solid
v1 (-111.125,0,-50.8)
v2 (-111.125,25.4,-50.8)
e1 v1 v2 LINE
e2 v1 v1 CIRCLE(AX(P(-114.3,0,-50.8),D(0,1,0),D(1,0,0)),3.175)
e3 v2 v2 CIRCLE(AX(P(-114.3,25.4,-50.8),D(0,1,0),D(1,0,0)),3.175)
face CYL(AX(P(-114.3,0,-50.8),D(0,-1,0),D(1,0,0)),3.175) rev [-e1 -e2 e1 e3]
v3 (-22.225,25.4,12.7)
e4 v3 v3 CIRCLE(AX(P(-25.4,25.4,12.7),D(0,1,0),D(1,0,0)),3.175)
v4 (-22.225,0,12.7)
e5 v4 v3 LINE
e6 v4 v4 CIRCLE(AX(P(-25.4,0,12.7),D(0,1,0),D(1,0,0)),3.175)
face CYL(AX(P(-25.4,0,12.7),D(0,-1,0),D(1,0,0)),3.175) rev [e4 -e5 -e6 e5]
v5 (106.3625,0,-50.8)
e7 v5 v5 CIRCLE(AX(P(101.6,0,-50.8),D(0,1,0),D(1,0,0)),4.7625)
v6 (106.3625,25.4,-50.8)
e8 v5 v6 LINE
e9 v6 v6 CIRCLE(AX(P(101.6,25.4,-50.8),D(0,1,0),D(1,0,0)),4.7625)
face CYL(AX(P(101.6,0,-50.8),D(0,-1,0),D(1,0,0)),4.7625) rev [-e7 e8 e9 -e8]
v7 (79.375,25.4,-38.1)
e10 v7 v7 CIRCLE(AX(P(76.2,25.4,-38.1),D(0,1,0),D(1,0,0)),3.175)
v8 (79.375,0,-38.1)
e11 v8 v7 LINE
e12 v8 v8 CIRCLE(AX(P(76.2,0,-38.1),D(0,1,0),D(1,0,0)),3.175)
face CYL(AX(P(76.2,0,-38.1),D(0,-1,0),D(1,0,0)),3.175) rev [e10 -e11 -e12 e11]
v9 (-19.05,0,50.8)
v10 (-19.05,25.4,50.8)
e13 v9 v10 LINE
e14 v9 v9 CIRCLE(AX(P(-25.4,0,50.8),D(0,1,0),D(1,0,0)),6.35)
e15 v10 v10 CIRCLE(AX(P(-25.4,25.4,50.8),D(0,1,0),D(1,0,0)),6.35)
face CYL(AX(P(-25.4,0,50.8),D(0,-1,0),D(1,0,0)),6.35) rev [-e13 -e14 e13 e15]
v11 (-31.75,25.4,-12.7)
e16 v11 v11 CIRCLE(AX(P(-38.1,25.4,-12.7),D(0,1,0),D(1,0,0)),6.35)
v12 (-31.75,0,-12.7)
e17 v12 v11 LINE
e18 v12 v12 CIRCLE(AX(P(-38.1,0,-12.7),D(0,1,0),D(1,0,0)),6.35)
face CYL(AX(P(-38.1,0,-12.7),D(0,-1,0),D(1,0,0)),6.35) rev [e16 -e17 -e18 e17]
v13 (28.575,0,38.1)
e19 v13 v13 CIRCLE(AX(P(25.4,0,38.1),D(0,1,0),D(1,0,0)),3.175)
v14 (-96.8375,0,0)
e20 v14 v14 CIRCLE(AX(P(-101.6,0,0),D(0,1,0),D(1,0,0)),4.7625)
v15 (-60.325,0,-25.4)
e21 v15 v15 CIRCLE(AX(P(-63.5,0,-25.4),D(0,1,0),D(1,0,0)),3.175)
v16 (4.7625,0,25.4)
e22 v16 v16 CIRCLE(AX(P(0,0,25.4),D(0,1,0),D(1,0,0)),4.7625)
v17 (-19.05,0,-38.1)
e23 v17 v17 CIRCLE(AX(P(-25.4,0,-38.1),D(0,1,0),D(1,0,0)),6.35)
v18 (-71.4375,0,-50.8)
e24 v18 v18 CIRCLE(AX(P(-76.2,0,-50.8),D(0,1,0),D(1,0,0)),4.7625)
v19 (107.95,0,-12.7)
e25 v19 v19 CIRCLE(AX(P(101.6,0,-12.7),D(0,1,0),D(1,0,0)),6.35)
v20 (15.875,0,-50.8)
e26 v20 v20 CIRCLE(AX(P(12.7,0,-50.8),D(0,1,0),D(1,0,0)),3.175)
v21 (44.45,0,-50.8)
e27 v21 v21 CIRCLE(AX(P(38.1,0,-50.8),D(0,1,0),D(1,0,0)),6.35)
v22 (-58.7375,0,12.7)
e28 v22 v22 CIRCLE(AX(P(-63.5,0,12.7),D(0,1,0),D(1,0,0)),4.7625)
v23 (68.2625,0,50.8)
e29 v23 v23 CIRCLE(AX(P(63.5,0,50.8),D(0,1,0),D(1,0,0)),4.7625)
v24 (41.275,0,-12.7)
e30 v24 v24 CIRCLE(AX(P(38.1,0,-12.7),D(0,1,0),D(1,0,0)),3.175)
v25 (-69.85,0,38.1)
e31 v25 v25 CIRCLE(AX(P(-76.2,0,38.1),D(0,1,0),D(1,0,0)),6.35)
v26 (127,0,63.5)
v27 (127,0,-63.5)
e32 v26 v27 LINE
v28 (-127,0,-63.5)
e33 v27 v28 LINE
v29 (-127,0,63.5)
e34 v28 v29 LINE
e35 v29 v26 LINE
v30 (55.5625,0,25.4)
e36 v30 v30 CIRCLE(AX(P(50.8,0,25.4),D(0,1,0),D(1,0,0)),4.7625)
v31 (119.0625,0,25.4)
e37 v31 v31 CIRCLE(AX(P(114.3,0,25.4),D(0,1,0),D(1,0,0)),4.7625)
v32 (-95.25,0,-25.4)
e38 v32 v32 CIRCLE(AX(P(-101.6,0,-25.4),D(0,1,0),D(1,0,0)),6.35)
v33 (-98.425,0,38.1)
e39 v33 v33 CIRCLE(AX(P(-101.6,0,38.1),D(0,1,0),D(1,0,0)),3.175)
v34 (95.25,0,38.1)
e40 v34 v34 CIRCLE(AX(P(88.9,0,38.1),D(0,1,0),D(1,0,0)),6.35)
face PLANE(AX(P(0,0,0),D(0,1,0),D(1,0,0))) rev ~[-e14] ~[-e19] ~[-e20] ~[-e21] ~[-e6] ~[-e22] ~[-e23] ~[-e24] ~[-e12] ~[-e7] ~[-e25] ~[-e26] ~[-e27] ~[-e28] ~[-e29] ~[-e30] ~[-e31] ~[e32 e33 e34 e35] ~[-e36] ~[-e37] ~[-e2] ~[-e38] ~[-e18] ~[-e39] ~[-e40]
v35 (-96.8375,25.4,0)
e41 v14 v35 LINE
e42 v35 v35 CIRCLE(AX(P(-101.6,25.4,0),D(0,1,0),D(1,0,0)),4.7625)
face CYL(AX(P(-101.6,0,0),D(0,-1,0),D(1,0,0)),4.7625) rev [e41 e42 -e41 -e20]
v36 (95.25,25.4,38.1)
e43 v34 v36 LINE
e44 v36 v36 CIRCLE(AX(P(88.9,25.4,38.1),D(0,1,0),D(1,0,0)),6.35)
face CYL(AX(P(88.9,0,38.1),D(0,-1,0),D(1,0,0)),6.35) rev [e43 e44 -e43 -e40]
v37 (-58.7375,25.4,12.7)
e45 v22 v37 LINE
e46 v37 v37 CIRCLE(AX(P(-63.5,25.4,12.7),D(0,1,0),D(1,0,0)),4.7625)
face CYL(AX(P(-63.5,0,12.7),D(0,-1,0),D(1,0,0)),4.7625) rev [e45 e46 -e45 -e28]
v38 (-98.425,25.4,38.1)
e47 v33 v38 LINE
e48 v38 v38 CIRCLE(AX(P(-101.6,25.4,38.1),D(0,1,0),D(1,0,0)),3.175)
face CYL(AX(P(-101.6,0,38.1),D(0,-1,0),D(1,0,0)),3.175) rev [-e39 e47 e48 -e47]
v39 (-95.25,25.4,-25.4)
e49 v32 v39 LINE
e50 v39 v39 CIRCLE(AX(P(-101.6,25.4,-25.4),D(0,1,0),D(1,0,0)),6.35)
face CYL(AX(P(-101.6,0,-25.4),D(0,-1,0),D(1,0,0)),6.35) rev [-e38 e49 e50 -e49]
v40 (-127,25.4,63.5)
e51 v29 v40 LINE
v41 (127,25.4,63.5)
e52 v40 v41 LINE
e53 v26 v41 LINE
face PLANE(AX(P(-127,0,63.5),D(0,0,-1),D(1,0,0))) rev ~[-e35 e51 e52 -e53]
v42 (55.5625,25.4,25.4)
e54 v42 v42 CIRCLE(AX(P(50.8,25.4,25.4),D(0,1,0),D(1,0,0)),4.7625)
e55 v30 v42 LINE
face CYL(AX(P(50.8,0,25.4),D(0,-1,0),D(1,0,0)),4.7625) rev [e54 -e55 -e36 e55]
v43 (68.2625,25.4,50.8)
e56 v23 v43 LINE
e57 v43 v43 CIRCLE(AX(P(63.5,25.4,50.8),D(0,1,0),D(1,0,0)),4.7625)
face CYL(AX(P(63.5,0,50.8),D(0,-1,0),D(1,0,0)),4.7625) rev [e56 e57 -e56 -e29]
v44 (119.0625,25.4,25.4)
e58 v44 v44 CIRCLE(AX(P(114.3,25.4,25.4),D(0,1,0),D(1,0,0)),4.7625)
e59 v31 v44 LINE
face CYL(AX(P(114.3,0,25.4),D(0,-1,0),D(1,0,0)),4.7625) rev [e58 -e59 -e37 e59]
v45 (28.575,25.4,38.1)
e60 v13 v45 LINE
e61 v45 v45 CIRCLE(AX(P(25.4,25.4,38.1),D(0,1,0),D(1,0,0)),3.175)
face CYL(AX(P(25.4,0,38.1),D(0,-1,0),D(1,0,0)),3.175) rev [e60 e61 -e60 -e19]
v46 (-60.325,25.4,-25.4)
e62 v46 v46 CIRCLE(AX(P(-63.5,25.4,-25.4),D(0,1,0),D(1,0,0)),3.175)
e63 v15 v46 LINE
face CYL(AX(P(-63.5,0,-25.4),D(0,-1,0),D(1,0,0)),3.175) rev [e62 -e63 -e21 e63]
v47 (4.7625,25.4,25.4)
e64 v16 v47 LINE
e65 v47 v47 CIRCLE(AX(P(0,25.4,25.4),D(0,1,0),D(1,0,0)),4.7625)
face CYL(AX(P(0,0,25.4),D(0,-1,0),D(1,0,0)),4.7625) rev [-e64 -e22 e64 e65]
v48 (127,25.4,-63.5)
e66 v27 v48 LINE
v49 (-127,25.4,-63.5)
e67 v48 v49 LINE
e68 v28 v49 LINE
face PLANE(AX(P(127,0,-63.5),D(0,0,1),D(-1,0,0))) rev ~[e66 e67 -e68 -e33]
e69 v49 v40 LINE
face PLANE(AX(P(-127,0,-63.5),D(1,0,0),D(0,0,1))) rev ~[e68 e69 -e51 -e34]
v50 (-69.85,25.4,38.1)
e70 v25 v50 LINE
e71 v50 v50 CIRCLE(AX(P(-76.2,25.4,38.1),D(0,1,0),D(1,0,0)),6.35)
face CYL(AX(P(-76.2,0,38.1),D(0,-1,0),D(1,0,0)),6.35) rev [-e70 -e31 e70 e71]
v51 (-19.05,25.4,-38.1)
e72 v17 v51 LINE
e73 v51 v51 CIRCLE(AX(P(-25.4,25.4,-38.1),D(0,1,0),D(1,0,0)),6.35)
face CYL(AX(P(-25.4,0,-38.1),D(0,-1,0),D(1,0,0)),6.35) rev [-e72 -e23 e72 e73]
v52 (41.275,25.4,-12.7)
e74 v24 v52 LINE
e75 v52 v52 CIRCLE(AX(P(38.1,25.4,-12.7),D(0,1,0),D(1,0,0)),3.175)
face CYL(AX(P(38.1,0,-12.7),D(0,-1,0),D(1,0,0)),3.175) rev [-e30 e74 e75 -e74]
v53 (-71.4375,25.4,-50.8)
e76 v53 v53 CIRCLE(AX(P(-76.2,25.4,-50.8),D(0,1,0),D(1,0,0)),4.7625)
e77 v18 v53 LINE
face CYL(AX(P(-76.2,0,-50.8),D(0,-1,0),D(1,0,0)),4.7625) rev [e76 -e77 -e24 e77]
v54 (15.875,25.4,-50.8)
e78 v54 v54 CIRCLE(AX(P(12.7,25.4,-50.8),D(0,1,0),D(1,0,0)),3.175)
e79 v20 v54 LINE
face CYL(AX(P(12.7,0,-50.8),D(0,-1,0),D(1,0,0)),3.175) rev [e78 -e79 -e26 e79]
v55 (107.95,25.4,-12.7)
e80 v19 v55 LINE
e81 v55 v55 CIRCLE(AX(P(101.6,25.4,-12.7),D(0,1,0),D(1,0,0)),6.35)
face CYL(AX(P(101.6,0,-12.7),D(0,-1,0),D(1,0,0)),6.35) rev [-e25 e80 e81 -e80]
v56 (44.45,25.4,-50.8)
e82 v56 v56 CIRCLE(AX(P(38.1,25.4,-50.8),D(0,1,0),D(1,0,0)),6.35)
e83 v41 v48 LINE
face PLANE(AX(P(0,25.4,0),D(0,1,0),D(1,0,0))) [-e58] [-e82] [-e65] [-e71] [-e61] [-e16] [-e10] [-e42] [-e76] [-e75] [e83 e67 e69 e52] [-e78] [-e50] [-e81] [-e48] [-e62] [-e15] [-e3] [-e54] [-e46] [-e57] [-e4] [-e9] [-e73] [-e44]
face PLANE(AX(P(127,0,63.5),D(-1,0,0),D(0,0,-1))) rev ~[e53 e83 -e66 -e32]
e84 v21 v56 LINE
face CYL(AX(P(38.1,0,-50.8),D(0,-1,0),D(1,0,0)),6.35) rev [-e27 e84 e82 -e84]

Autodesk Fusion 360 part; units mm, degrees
sketch "Sketch1" plane through (0, 0, 0) normal (0, 1, 0) x (1, 0, 0)
  line L0 (-127, -63.5) -> (127, -63.5)
  line L1 (127, -63.5) -> (127, 63.5)
  line L2 (127, 63.5) -> (-127, 63.5)
  line L3 (-127, 63.5) -> (-127, -63.5)
  circle A0 centre (-101.6, -38.1) radius 3.175
  circle A1 centre (-114.3, 50.8) radius 3.175
  circle A2 centre (-63.5, 25.4) radius 3.175
  circle A3 centre (-25.4, -12.7) radius 3.175
  circle A4 centre (25.4, -38.1) radius 3.175
  circle A5 centre (38.1, 12.7) radius 3.175
  circle A6 centre (12.7, 50.8) radius 3.175
  circle A7 centre (76.2, 38.1) radius 3.175
  circle A8 centre (88.9, -38.1) radius 6.35
  circle A9 centre (101.6, 12.7) radius 6.35
  circle A10 centre (-25.4, 38.1) radius 6.35
  circle A11 centre (-38.1, 12.7) radius 6.35
  circle A12 centre (-76.2, -38.1) radius 6.35
  circle A13 centre (-101.6, 25.4) radius 6.35
  circle A14 centre (-25.4, -50.8) radius 6.35
  circle A15 centre (38.1, 50.8) radius 6.35
  circle A16 centre (50.8, -25.4) radius 4.7625
  circle A17 centre (-63.5, -12.7) radius 4.7625
  circle A18 centre (-101.6, 0) radius 4.7625
  circle A19 centre (-76.2, 50.8) radius 4.7625
  circle A20 centre (101.6, 50.8) radius 4.7625
  circle A21 centre (114.3, -25.4) radius 4.7625
  circle A22 centre (63.5, -50.8) radius 4.7625
  circle A23 centre (0, -25.4) radius 4.7625
  dimension "d1" = 6.35
  dimension "d2" = 6.35
  dimension "d3" = 6.35
  dimension "d4" = 6.35
  dimension "d5" = 12.7
  dimension "d6" = 12.7
  dimension "d7" = 9.525
  dimension "d8" = 9.525
extrude "Extrude1" add sketch "Sketch1" along normal blind 25.4
